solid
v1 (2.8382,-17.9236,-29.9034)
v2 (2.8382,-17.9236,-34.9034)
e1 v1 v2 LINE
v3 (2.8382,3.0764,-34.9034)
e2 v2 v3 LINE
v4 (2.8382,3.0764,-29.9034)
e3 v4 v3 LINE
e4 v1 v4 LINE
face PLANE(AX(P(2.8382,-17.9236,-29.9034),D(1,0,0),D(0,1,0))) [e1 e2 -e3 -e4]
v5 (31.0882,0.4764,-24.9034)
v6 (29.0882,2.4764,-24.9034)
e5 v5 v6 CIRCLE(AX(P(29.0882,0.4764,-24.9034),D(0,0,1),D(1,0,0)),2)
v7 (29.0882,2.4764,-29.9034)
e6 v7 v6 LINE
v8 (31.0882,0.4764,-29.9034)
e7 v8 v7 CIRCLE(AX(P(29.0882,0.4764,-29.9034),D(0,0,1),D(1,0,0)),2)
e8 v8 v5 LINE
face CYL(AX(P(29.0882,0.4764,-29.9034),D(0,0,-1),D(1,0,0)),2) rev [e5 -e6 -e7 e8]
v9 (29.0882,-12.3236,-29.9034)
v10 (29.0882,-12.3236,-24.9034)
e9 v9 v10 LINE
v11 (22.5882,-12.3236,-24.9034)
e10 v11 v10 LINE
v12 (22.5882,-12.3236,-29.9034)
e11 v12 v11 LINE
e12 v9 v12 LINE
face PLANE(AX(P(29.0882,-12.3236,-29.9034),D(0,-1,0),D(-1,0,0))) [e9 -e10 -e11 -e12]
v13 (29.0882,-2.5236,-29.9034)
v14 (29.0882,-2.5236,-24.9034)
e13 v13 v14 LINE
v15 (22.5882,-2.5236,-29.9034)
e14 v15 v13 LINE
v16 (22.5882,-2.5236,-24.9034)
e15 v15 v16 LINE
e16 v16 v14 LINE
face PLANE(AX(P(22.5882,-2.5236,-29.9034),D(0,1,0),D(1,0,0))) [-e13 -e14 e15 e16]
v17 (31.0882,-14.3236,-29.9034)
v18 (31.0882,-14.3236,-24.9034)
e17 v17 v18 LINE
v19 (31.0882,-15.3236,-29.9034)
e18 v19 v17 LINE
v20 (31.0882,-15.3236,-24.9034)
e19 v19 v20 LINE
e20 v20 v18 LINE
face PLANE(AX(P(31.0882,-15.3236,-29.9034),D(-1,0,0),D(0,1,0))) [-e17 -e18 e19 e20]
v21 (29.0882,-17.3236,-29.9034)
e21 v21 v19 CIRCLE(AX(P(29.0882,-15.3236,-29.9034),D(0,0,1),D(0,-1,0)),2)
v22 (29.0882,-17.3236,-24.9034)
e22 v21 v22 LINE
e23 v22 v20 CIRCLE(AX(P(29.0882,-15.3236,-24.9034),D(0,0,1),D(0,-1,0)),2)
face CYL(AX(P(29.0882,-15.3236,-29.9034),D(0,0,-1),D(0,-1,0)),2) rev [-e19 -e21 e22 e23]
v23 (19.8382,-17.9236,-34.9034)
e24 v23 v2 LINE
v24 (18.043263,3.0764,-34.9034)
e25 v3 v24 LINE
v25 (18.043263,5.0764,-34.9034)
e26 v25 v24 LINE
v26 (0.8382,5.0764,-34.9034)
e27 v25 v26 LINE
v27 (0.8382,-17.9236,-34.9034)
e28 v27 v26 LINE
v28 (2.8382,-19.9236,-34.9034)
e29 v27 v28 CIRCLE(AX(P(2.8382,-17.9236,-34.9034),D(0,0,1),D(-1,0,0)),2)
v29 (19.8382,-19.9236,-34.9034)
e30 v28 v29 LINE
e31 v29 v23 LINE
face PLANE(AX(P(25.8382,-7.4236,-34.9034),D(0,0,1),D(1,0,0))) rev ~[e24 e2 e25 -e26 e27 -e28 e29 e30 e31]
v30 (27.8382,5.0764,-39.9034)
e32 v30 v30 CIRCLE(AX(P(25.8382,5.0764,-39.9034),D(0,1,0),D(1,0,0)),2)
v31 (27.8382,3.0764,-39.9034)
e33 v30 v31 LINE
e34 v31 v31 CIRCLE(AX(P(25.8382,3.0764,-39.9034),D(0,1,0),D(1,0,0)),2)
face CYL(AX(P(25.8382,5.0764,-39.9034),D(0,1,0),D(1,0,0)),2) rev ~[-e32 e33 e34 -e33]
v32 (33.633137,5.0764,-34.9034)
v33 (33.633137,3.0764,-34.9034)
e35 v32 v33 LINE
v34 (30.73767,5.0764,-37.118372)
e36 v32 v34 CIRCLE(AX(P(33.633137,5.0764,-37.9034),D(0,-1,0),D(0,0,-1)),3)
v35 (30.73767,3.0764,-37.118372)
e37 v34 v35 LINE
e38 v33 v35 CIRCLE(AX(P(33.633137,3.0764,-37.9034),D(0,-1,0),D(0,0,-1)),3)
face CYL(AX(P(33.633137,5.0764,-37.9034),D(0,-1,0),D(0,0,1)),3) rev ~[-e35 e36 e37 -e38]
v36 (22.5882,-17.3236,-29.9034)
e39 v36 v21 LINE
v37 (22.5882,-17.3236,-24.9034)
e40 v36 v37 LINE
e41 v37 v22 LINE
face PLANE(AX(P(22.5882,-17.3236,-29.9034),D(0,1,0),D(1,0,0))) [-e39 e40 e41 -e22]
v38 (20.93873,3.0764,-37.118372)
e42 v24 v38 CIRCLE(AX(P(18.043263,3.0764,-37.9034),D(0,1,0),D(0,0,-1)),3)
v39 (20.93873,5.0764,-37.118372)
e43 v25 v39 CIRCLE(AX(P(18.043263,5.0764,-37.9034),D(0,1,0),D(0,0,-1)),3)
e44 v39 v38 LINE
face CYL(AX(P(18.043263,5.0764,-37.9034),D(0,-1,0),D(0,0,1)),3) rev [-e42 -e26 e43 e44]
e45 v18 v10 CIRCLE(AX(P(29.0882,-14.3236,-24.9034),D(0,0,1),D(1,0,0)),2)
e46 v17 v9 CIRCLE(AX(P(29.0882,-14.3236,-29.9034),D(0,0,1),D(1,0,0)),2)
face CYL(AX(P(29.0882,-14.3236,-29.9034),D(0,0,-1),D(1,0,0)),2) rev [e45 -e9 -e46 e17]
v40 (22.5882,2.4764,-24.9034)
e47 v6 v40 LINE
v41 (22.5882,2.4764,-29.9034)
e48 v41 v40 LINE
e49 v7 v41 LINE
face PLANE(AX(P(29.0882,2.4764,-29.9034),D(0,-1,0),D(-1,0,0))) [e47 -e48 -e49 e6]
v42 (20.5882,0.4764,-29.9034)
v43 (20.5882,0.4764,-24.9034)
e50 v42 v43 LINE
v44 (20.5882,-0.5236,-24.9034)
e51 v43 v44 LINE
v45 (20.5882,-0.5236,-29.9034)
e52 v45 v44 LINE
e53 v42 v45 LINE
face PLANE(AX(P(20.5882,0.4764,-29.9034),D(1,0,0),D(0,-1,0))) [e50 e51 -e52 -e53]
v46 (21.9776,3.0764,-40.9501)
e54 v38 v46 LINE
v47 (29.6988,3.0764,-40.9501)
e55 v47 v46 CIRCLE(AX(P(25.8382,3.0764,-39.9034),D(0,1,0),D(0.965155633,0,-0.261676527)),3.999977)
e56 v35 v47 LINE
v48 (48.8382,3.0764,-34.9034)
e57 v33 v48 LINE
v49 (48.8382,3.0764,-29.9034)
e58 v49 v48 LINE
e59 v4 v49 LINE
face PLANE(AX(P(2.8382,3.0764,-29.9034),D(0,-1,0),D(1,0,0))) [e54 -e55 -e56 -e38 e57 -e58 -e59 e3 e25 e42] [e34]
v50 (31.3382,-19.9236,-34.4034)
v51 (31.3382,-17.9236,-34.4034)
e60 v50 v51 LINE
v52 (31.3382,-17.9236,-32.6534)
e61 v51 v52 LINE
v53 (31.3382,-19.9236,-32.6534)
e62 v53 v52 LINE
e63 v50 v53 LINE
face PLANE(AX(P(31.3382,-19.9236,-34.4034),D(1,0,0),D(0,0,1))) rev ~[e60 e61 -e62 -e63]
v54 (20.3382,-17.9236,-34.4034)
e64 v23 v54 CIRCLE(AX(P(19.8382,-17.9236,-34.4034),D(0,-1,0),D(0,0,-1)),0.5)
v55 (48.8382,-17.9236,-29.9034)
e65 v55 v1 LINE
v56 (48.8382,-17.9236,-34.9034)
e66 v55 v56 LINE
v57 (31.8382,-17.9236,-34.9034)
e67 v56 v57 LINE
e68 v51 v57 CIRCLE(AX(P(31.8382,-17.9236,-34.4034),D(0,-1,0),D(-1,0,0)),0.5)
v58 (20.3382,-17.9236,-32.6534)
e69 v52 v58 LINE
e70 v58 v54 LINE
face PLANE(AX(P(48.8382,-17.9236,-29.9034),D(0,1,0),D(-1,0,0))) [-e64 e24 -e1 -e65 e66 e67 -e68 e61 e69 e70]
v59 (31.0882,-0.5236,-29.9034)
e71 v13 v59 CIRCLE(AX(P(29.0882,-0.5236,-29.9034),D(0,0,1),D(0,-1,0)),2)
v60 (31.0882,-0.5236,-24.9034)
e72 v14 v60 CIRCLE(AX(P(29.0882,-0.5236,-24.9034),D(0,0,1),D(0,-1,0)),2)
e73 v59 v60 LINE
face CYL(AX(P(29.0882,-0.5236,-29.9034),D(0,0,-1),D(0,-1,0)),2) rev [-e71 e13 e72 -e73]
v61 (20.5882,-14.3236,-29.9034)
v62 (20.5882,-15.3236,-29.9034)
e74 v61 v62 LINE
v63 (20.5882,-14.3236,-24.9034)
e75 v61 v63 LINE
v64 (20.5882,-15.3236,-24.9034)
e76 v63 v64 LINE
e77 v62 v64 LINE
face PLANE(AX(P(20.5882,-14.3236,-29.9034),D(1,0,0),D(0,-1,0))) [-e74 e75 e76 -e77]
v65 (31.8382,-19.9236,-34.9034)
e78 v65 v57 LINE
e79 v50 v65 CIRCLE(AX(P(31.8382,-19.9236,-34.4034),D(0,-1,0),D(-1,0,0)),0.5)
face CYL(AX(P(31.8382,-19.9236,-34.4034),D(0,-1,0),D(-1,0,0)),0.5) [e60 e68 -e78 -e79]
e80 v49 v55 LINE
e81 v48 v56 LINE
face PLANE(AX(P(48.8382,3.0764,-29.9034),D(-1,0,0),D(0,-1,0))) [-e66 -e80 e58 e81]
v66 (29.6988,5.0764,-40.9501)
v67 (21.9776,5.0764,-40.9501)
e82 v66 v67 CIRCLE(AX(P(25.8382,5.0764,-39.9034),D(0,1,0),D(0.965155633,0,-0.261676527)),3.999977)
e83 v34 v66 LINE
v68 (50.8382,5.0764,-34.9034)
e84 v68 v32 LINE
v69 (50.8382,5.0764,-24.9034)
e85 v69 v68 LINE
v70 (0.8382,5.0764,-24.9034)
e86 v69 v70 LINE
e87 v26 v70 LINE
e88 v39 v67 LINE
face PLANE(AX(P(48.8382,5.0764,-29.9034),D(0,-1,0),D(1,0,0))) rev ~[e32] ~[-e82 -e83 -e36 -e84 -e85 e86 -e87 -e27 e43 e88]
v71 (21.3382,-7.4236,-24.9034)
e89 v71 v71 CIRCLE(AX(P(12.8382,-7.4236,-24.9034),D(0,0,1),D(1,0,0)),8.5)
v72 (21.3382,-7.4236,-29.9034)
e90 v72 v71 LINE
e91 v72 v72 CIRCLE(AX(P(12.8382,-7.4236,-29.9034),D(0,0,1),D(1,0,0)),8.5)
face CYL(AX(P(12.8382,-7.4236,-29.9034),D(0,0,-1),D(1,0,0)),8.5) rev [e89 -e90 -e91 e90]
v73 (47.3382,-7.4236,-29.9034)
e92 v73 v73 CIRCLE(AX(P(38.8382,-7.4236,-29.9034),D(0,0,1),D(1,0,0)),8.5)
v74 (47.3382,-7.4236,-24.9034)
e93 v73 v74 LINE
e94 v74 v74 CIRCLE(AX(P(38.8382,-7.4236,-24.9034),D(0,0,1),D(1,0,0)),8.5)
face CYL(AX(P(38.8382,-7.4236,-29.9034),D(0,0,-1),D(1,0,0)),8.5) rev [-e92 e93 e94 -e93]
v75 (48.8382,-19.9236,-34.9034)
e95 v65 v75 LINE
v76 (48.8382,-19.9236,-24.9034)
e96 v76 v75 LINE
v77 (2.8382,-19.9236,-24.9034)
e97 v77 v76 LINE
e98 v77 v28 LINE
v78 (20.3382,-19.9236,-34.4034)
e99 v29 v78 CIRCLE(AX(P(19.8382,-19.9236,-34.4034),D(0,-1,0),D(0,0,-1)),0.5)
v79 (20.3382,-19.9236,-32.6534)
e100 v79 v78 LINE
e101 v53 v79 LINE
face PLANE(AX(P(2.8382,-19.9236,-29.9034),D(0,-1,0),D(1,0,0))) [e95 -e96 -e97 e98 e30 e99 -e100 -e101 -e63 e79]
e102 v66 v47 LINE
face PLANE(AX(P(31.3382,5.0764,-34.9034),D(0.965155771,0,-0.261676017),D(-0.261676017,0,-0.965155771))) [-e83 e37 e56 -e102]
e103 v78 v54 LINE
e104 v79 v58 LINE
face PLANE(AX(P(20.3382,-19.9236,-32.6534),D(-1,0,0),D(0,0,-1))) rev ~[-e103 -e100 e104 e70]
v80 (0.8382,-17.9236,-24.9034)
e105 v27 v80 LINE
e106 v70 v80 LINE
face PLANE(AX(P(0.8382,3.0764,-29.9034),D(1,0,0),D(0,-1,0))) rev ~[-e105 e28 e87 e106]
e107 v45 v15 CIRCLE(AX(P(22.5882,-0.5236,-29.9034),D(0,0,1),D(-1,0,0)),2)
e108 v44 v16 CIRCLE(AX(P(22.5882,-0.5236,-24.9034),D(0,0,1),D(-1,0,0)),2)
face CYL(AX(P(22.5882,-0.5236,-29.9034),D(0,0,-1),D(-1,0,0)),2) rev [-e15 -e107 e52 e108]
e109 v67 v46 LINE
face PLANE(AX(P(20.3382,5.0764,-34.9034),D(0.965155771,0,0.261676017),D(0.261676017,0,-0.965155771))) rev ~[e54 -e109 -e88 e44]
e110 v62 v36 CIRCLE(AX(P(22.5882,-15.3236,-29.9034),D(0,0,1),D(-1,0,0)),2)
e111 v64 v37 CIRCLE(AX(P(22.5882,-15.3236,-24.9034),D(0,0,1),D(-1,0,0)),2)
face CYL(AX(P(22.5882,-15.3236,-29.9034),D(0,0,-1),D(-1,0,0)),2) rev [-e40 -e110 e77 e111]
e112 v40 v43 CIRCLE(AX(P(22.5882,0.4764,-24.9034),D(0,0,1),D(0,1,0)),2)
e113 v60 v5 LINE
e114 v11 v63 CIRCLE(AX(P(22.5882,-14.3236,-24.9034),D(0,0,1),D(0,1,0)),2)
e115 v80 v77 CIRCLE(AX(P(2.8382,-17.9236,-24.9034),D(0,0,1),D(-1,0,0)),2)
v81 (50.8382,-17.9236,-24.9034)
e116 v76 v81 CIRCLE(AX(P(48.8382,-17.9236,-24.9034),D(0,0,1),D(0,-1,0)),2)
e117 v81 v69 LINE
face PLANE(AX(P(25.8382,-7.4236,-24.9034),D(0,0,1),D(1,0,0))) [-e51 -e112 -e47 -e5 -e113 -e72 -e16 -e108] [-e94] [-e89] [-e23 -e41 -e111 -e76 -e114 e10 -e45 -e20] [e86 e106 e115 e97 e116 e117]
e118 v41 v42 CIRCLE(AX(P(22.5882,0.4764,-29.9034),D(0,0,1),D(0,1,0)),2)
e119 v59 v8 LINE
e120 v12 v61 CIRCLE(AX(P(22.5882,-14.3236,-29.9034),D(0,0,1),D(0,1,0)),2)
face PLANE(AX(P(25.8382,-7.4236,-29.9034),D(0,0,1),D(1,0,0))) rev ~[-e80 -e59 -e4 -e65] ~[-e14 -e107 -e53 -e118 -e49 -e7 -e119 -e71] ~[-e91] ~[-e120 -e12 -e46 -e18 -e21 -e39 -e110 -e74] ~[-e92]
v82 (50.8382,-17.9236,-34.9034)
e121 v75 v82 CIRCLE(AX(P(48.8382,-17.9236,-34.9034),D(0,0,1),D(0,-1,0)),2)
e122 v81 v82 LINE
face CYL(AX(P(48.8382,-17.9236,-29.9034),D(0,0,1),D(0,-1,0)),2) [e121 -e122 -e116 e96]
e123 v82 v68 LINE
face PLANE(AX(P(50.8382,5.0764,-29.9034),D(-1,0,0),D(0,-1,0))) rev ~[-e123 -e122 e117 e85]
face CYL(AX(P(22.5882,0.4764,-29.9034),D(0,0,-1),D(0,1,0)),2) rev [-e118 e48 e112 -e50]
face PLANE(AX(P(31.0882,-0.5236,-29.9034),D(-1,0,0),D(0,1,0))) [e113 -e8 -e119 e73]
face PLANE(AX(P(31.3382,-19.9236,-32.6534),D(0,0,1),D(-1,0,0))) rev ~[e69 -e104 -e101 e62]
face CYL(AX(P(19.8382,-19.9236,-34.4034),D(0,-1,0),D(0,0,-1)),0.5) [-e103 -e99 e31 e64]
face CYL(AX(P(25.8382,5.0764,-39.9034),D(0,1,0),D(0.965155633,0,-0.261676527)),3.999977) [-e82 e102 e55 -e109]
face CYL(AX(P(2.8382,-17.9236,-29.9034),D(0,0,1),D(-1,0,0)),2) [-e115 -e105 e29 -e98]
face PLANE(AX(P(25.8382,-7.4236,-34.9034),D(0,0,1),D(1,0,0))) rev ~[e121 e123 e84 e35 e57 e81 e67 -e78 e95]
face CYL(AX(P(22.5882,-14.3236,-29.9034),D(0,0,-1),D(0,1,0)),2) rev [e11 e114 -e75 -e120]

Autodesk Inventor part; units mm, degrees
ref_plane "YZ Plane" through (0, 0, 0) normal (1, 0, 0) x (0, 1, 0)
ref_plane "Plano de trabalho1" through (25.8382, -7.4236, -29.9034) normal (0, 0, 1) x (1, 0, 0)
sketch "Esboço1" plane through (25.8382, -7.4236, -29.9034) normal (0, 0, 1) x (1, 0, 0)
  line L0 (-23, 10.5) -> (23, 10.5)
  line L1 (23, 10.5) -> (23, -10.5)
  line L2 (23, -10.5) -> (-23, -10.5)
  line L3 (-23, -10.5) -> (-23, 10.5)
  line L4 (23, 12.5) -> (-23, 12.5)
  line L5 (-25, 10.5) -> (-25, -10.5)
  line L6 (-23, -12.5) -> (23, -12.5)
  line L7 (25, -10.5) -> (25, 10.5)
  arc A0 (23, -12.5) -> (25, -10.5) centre (23, -10.5) ccw
  arc A1 (-25, -10.5) -> (-23, -12.5) centre (-23, -10.5) ccw
  circle A2 centre (-13, 0) radius 8.5
  circle A3 centre (13, 0) radius 8.5
  line L8 (-23, 10.5) -> (23, -10.5) construction
  line L9 (23, 10.5) -> (-23, -10.5) construction
  line L10 (-3.25, 4.9) -> (3.25, 4.9)
  line L11 (5.25, 6.9) -> (5.25, 7.9)
  line L12 (3.25, 9.9) -> (-3.25, 9.9)
  line L13 (-5.25, 7.9) -> (-5.25, 6.9)
  line L14 (-5.25, 4.9) -> (5.25, 9.9) construction
  line L15 (5.25, 4.9) -> (-5.25, 9.9) construction
  arc A4 (-3.25, 9.9) -> (-5.25, 7.9) centre (-3.25, 7.9) ccw
  arc A5 (-5.25, 6.9) -> (-3.25, 4.9) centre (-3.25, 6.9) ccw
  arc A6 (3.25, 4.9) -> (5.25, 6.9) centre (3.25, 6.9) ccw
  arc A7 (5.25, 7.9) -> (3.25, 9.9) centre (3.25, 7.9) ccw
  line L16 (0, 0) -> (0, -7.4)
  line L17 (-3.25, -9.9) -> (3.25, -9.9)
  line L18 (5.25, -7.9) -> (5.25, -6.9)
  line L19 (3.25, -4.9) -> (-3.25, -4.9)
  line L20 (-5.25, -6.9) -> (-5.25, -7.9)
  line L21 (-5.25, -9.9) -> (5.25, -4.9) construction
  line L22 (5.25, -9.9) -> (-5.25, -4.9) construction
  arc A8 (-3.25, -4.9) -> (-5.25, -6.9) centre (-3.25, -6.9) ccw
  arc A9 (-5.25, -7.9) -> (-3.25, -9.9) centre (-3.25, -7.9) ccw
  arc A10 (3.25, -9.9) -> (5.25, -7.9) centre (3.25, -7.9) ccw
  arc A11 (5.25, -6.9) -> (3.25, -4.9) centre (3.25, -6.9) ccw
  line L23 (-23, 12.5) -> (-25, 12.5)
  line L24 (-25, 12.5) -> (-25, 10.5)
  line L25 (23, 12.5) -> (25, 12.5)
  line L26 (25, 12.5) -> (25, 10.5)
  point P0 (-25.8382, 7.4236)
  dimension "d0" = 2
  dimension "d4" = 46
  dimension "d5" = 21
  dimension "d7" = 17
  dimension "d9" = 17
  dimension "d16" = 7.4
extrude "Extrusão1" add sketch "Esboço1" along normal blind 5 contours L0 L1 L2 L3 | L25 L26 L7 A0 L6 A1 L5 L24 L23 L4
extrude "Extrusão2" add sketch "Esboço1" against normal blind 5 contours L25 L26 L7 A0 L6 A1 L5 L24 L23 L4
sketch "Esboço2" plane through (2.8382, -19.9236, -24.9034) normal (0, -1, 0) x (1, 0, 0)
  line L0 (28.5, -9.5) -> (28.5, -7.75)
  line L1 (28.5, -7.75) -> (17.5, -7.75)
  line L2 (17.5, -7.75) -> (17.5, -9.5)
  line L3 (46, -10) -> (0, -10) projected
  line L4 (17.5, -10) -> (28.5, -10)
  line L5 (23, -12) -> (31, -12)
  line L6 (23, -12) -> (15, -12)
  line L7 (15, -12) -> (15, -10)
  line L8 (17, -10) -> (15, -10)
  line L9 (31, -12) -> (31, -10)
  line L10 (29, -10) -> (31, -10)
  arc A0 (28.5, -9.5) -> (29, -10) centre (29, -9.5) ccw
  arc A1 (17, -10) -> (17.5, -9.5) centre (17, -9.5) ccw
  point P0 (-2.8382, 24.9034)
  point P1 (23, -10)
  point P2 (17, -10)
  dimension "d24" = 8
  dimension "d25" = 8
  dimension "d26" = 0.5
  dimension "d27" = 0.5
extrude "Extrusão3" cut sketch "Esboço2" against normal up to surface (2 mm away) contours A0 L3 A1 L2 L1 L0
ref_plane "Plano de trabalho2" through (25.638, 5.0764, -94.896) normal (0, -1, 0) x (0, 0, 1)
sketch "Esboço5" plane through (0.8382, 5.0764, -24.9034) normal (0, 1, 0) x (1, 0, 0)
  line L0 (48, 10) -> (2, 10) projected
  circle A0 centre (25, 15) radius 2
  arc A1 (28.8606, 16.0467) -> (21.1394, 16.0467) centre (25, 15) ccw
  line L1 (19.5, 10) -> (21.1394, 16.0467)
  line L2 (30.5, 10) -> (28.8606, 16.0467)
  line L3 (30.5, 10) -> (19.5, 10)
  line L4 (0, 10) -> (50, 10) projected
  point P0 (-0.8382, -24.9034)
  dimension "d56" = 4
  dimension "d57" = 2
extrude "Extrusão5" add sketch "Esboço5" against normal blind 2
fillet "Arredondamento3" radius 3 2 edges at (20.3382, 4.0764, -34.9034) (31.3382, 4.0764, -34.9034)
properties part number "suporte ultrasom"
